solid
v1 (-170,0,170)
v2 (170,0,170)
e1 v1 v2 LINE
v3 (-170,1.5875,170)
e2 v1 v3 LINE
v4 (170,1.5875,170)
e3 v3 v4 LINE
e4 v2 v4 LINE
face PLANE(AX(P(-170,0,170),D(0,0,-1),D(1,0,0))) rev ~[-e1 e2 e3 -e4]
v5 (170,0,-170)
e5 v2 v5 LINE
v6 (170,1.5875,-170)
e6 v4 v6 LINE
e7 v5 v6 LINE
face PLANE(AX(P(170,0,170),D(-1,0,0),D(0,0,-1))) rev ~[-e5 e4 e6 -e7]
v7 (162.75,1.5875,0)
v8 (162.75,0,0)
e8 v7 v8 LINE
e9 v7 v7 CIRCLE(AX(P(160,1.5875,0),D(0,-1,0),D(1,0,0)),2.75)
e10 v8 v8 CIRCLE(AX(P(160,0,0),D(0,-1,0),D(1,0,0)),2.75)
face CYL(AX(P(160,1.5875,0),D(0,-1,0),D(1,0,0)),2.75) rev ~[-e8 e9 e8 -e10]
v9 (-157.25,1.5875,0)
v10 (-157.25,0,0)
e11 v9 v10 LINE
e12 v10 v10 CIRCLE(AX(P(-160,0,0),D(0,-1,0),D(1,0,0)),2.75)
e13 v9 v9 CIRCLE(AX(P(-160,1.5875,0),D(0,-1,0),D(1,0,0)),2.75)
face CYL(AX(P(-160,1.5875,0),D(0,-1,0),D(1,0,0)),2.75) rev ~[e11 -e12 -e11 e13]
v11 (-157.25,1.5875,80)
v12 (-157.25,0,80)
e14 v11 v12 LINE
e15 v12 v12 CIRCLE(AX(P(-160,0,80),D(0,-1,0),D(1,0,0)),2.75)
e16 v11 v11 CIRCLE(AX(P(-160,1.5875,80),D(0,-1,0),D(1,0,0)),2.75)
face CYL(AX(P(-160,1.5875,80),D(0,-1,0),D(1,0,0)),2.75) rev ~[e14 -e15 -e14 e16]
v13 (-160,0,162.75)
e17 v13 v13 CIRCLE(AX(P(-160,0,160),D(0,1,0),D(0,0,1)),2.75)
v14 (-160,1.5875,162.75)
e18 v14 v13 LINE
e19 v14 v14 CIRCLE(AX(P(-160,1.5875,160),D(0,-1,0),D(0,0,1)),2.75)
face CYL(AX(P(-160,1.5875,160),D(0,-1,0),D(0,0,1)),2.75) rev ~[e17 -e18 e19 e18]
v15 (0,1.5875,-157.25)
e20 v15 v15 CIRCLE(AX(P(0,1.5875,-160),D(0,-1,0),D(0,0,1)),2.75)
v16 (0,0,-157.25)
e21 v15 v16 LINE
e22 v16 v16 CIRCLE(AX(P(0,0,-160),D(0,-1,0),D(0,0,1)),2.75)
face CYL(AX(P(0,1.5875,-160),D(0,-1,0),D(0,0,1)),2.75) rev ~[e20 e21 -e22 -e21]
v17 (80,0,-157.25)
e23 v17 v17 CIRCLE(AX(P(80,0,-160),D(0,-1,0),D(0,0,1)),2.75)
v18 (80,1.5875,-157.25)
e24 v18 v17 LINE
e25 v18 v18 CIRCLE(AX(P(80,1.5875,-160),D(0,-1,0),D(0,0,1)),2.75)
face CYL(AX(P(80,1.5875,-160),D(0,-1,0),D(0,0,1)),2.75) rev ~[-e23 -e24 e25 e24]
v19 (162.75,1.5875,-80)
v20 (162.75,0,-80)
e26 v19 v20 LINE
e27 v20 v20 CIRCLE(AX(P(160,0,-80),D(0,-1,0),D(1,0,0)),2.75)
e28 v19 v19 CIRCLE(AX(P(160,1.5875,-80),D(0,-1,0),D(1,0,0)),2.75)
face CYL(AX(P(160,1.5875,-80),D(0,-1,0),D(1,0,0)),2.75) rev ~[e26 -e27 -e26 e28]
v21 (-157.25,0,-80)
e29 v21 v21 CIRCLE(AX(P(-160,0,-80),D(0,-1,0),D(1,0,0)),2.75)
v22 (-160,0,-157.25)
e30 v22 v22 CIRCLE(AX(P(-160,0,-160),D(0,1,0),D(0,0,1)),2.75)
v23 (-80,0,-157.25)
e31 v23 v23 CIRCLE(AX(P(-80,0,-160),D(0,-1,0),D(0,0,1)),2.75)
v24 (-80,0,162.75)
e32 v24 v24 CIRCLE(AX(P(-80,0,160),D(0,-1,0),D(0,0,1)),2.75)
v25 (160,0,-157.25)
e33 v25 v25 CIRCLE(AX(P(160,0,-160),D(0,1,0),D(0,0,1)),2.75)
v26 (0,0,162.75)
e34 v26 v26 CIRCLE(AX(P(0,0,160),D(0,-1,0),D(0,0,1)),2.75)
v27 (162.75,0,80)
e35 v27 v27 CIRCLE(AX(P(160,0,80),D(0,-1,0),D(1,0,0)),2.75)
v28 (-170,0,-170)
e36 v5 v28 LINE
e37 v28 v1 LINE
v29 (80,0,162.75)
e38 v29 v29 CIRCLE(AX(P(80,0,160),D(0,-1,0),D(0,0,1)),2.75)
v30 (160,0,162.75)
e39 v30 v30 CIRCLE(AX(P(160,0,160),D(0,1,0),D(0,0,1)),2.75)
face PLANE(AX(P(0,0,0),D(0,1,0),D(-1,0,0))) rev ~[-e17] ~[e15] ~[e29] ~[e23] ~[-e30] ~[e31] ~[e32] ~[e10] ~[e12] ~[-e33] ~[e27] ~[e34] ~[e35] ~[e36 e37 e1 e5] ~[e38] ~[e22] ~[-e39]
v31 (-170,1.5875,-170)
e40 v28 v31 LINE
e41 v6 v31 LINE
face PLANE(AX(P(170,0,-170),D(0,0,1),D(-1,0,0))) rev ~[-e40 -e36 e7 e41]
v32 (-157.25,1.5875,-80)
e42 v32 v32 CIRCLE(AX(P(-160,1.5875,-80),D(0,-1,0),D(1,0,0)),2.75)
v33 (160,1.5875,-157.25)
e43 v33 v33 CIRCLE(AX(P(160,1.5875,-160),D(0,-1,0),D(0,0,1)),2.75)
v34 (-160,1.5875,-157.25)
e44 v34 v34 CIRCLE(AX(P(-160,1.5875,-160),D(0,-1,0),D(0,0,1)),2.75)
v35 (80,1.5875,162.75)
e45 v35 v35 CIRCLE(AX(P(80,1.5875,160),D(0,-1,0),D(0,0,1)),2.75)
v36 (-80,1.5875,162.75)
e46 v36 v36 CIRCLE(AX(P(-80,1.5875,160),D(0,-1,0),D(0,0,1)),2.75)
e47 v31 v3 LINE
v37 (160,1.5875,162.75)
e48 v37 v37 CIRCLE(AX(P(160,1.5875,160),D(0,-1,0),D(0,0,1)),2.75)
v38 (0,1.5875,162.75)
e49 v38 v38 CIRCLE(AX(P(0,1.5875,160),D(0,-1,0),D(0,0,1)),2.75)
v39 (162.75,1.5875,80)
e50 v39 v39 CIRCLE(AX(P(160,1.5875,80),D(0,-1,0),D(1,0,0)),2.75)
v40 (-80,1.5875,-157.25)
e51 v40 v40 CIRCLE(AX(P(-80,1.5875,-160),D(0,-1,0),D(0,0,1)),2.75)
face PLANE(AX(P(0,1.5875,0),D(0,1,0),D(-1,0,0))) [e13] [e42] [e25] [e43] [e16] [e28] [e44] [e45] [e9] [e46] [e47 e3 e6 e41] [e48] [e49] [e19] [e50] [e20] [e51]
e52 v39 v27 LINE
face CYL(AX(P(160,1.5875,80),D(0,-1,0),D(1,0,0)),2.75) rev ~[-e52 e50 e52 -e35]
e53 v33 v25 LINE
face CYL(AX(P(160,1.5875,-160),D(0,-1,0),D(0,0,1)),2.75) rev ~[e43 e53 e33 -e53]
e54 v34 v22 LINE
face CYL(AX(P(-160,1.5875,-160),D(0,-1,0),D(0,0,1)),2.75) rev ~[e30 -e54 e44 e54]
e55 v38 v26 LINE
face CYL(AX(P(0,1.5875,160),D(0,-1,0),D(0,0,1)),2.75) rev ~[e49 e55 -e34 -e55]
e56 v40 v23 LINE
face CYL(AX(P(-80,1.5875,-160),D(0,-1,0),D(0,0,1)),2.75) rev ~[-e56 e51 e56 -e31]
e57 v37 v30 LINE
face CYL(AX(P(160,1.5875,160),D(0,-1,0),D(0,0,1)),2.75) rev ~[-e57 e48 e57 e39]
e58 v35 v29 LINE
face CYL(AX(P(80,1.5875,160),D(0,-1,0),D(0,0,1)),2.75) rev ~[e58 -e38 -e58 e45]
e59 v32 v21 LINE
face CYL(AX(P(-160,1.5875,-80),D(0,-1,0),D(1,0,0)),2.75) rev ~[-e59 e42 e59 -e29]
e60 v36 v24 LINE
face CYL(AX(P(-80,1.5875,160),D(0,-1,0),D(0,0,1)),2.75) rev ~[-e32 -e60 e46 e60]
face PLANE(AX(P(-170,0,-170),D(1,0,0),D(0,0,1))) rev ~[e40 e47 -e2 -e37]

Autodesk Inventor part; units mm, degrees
ref_plane "YZ Plane" through (0, 0, 0) normal (1, 0, 0) x (0, 1, 0)
ref_plane "XZ Plane" through (0, 0, 0) normal (0, 1, 0) x (-1, 0, 0)
ref_plane "XY Plane" through (0, 0, 0) normal (0, 0, 1) x (1, 0, 0)
sketch "Sketch1" plane through (0, 0, 0) normal (0, 1, 0) x (-1, 0, 0)
  line L0 (170, 170) -> (-170, 170)
  line L1 (-170, 170) -> (-170, -170)
  line L2 (-170, -170) -> (170, -170)
  line L3 (170, -170) -> (170, 170)
  line L4 (170, 170) -> (-170, -170) construction
  line L5 (-170, 170) -> (170, -170) construction
  point P0 (0, 0)
  dimension "d0" = 340
  dimension "d1" = 340
extrude "Extrusion1" add sketch "Sketch1" along normal blind 1.5875
sketch "Sketch2" plane through (0, 1.5875, 0) normal (0, 1, 0) x (1, 0, 0)
  line L0 (-170, -170) -> (170, -170) projected
  line L1 (170, -170) -> (170, 170) projected
  line L2 (170, 170) -> (-170, 170) projected
  line L3 (-170, 170) -> (-170, -170) projected
  point P0 (0, 0)
  point P1 (-160, -160)
  dimension "d4" = 10
  dimension "d5" = 10
hole "Hole1" at (-160, 1.5875, 160) direction (0, -1, 0) diameter 5.5 end through all clearance for "Hex Head Bolt" size "M5" standard "Ansi Metric M Profile"
pattern_linear "Rectangular Pattern1" count 2 spacing 320 along (0, 0, -1) count 5 spacing 80 along (1, 0, 0) of "Hole1"
pattern_circular "Circular Pattern1" count 2 over 90 about axis through (0, -10, 0) along (0, 1, 0) of "Hole1", "Rectangular Pattern1"
equation "\"d2\" = facingGasketThickness"
equation "\"facingThickness\" = 12.7"
equation "\"facingGasketThickness\" = 1.5875"
properties part number "frontBackGasket" material "Rubber"
